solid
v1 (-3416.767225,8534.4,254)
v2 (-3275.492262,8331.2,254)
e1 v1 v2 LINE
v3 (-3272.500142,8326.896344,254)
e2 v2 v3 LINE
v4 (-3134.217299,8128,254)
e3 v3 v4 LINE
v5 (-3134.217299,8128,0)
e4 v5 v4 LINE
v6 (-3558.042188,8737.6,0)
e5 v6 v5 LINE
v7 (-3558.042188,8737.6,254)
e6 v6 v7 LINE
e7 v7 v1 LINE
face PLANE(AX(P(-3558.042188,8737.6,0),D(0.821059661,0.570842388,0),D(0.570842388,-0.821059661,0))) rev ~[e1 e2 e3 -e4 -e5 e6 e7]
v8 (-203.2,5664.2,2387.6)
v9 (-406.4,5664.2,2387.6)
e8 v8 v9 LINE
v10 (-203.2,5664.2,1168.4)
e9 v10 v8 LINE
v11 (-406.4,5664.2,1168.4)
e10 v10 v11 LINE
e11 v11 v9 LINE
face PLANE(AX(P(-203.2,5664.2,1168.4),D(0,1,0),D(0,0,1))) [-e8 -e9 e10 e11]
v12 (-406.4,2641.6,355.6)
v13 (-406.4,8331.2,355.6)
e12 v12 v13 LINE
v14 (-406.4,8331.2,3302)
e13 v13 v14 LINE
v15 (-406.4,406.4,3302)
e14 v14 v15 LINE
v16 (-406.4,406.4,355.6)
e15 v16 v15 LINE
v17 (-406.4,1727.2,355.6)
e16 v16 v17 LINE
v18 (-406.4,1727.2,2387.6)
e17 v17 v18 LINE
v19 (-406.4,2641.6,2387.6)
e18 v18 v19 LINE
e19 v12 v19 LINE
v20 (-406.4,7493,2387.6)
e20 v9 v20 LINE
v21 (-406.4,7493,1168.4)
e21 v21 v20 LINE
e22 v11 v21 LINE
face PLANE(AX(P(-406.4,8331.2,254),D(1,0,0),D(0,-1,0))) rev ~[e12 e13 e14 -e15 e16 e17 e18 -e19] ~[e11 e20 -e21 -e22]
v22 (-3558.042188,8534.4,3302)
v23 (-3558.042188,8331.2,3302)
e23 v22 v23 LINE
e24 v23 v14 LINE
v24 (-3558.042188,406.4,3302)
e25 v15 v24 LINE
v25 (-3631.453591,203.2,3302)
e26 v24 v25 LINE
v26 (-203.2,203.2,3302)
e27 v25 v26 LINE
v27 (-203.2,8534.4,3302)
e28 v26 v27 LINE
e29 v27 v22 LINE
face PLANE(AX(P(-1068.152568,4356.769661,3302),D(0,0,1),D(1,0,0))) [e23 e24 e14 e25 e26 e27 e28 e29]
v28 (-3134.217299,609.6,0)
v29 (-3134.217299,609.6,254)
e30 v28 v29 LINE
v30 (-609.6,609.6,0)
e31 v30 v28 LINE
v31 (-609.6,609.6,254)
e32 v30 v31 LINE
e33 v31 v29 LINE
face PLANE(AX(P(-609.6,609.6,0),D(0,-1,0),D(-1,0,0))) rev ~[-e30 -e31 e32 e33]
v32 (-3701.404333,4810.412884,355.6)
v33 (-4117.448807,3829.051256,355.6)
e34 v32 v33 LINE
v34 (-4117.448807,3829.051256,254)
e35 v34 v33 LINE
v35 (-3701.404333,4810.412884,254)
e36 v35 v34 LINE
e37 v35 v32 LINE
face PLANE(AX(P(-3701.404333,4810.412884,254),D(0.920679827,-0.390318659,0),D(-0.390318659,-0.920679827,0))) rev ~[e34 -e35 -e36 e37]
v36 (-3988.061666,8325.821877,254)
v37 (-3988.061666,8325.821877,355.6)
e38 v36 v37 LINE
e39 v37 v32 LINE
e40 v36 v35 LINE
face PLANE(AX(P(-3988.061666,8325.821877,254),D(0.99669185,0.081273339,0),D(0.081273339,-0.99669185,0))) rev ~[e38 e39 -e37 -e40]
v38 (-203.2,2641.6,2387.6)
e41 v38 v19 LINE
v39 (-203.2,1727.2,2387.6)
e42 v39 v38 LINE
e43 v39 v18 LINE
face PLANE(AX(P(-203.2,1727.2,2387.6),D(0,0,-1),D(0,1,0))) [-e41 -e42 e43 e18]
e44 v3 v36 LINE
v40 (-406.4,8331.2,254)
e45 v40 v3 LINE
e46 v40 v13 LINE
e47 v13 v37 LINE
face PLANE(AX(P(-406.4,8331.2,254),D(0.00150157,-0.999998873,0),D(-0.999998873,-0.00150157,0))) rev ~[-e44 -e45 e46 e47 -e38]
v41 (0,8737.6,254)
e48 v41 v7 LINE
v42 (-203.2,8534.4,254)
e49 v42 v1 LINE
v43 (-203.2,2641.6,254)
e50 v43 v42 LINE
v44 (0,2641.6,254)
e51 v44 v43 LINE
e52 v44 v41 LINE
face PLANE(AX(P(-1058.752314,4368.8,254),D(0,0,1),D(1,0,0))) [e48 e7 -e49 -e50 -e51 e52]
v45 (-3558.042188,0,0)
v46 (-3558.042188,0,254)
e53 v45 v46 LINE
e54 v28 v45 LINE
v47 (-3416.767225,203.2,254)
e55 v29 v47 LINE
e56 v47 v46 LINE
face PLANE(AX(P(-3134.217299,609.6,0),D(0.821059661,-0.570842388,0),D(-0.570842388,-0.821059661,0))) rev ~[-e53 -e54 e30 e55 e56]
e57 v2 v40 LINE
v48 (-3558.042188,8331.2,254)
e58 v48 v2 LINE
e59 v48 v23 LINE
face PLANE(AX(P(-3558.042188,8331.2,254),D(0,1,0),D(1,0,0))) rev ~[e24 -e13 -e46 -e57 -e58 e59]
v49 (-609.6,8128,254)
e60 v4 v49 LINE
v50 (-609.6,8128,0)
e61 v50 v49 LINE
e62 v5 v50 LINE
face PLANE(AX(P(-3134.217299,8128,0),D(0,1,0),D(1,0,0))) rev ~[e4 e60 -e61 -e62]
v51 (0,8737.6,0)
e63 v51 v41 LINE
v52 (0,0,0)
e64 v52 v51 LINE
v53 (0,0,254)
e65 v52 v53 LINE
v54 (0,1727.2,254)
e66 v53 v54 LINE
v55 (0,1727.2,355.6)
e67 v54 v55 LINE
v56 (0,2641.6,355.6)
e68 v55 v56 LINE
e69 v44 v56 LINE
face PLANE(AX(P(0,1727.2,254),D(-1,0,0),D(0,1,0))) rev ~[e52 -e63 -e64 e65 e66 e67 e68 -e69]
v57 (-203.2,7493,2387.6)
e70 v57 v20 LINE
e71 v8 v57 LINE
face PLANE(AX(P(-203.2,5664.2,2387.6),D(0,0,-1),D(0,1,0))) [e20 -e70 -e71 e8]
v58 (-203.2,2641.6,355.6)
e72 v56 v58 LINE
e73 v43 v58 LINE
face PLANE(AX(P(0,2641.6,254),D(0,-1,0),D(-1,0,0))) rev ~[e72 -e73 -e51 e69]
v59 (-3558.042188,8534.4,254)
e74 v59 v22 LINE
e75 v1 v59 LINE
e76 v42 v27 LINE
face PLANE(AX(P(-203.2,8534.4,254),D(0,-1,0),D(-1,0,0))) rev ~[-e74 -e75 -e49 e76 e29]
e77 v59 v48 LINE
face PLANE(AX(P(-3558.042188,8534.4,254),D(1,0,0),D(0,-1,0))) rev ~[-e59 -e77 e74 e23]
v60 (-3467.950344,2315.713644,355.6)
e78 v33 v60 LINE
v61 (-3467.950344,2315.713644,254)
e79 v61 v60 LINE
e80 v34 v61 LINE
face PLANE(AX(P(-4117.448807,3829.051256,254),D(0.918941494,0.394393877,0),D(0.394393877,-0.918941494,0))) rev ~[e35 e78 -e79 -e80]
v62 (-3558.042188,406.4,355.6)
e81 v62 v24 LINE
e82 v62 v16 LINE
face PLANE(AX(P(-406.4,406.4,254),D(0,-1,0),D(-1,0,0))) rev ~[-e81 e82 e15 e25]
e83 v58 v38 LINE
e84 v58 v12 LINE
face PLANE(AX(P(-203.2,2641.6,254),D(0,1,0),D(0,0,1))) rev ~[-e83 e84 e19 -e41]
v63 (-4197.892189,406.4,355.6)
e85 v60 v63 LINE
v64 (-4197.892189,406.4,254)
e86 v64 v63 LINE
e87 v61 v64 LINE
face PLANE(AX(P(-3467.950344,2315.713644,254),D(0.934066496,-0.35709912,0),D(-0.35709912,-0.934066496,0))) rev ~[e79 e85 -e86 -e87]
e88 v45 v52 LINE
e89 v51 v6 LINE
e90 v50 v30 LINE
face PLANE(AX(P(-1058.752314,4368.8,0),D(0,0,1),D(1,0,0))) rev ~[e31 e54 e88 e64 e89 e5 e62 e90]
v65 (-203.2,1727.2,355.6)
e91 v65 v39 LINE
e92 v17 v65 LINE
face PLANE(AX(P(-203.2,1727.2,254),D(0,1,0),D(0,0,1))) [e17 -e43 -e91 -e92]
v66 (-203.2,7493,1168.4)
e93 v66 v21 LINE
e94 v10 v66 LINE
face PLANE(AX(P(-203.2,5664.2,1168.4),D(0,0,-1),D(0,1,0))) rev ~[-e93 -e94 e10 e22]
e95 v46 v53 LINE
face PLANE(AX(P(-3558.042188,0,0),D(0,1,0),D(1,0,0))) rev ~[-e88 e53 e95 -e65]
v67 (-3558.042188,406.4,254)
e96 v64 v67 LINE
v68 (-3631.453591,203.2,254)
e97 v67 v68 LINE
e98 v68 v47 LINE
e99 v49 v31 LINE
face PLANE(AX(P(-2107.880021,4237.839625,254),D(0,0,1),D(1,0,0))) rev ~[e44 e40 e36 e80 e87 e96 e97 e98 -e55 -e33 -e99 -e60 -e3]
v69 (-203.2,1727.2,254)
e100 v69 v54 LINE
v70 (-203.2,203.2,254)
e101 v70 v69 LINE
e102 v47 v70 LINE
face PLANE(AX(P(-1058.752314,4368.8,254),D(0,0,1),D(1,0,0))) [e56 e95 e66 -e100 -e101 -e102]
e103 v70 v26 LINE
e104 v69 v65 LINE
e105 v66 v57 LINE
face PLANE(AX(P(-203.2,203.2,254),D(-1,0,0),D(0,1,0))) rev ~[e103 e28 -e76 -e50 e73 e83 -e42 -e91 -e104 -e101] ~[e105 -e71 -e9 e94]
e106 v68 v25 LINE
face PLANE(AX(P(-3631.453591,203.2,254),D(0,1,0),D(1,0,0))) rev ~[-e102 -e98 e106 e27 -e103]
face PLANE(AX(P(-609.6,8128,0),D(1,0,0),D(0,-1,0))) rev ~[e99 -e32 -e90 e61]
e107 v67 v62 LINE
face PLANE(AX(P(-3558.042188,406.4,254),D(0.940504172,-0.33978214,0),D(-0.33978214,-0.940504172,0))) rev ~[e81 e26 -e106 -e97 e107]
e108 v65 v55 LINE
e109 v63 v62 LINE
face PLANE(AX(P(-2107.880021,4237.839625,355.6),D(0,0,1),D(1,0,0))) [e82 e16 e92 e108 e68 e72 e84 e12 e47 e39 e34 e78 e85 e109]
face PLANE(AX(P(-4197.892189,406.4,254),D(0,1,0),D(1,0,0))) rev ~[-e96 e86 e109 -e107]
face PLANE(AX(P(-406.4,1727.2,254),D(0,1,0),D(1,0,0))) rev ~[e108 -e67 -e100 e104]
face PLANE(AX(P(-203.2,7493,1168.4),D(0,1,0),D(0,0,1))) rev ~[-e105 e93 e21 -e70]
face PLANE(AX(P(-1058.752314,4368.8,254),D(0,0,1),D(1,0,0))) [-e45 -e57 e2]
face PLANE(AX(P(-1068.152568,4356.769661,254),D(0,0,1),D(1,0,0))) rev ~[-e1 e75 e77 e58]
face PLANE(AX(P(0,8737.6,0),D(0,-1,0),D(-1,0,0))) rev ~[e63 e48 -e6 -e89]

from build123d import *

# Parameters (mm, degrees)
F1_DEPTH = 254
F3_DEPTH = 3048
F4_W     = 914.4
F4_H     = 2133.6
F4_W_2   = 1828.8
F4_H_2   = 1219.2
F5_DEPTH = 203.2
F7_DEPTH = 101.6


with BuildPart() as f1:
    # F0 (on Top) → F1 (new body)
    with BuildSketch(Plane.XY):
        Polygon((-3558.042188, 0), (0, 0), (0, 8737.6), (-3558.042188, 8737.6), (-3134.217299, 8128), (-609.6, 8128), (-609.6, 609.6), (-3134.217299, 609.6), align=None)
    extrude(amount=F1_DEPTH)

    # F2 (on face) → F3 (join)
    with BuildSketch(Plane.XY.offset(254)):
        Polygon((-3558.042188, 406.4), (-3631.453591, 203.2), (-203.2, 203.2), (-203.2, 8534.4), (-3558.042188, 8534.4), (-3558.042188, 8331.2), (-406.4, 8331.2), (-406.4, 406.4), align=None)
    extrude(amount=F3_DEPTH)

    # F4 (on face) → F5 (cut)
    with BuildSketch(Plane.YZ.offset(-203.2)):
        with Locations((2184.4, 1320.8)):
            Rectangle(F4_W, F4_H)
        with Locations((6578.6, 1778)):
            Rectangle(F4_W_2, F4_H_2)
    extrude(amount=-F5_DEPTH, mode=Mode.SUBTRACT)

    # F6 (on face) → F7 (join)
    with BuildSketch(Plane.XY.offset(254)):
        Polygon((-4197.892189, 406.4), (-406.4, 406.4), (-406.4, 1727.2), (0, 1727.2), (0, 2641.6), (-406.4, 2641.6), (-406.4, 8331.2), (-3988.061666, 8325.821877), (-3701.404333, 4810.412884), (-4117.448807, 3829.051256), (-3467.950344, 2315.713644), align=None)
    extrude(amount=F7_DEPTH)


solid = f1.part
